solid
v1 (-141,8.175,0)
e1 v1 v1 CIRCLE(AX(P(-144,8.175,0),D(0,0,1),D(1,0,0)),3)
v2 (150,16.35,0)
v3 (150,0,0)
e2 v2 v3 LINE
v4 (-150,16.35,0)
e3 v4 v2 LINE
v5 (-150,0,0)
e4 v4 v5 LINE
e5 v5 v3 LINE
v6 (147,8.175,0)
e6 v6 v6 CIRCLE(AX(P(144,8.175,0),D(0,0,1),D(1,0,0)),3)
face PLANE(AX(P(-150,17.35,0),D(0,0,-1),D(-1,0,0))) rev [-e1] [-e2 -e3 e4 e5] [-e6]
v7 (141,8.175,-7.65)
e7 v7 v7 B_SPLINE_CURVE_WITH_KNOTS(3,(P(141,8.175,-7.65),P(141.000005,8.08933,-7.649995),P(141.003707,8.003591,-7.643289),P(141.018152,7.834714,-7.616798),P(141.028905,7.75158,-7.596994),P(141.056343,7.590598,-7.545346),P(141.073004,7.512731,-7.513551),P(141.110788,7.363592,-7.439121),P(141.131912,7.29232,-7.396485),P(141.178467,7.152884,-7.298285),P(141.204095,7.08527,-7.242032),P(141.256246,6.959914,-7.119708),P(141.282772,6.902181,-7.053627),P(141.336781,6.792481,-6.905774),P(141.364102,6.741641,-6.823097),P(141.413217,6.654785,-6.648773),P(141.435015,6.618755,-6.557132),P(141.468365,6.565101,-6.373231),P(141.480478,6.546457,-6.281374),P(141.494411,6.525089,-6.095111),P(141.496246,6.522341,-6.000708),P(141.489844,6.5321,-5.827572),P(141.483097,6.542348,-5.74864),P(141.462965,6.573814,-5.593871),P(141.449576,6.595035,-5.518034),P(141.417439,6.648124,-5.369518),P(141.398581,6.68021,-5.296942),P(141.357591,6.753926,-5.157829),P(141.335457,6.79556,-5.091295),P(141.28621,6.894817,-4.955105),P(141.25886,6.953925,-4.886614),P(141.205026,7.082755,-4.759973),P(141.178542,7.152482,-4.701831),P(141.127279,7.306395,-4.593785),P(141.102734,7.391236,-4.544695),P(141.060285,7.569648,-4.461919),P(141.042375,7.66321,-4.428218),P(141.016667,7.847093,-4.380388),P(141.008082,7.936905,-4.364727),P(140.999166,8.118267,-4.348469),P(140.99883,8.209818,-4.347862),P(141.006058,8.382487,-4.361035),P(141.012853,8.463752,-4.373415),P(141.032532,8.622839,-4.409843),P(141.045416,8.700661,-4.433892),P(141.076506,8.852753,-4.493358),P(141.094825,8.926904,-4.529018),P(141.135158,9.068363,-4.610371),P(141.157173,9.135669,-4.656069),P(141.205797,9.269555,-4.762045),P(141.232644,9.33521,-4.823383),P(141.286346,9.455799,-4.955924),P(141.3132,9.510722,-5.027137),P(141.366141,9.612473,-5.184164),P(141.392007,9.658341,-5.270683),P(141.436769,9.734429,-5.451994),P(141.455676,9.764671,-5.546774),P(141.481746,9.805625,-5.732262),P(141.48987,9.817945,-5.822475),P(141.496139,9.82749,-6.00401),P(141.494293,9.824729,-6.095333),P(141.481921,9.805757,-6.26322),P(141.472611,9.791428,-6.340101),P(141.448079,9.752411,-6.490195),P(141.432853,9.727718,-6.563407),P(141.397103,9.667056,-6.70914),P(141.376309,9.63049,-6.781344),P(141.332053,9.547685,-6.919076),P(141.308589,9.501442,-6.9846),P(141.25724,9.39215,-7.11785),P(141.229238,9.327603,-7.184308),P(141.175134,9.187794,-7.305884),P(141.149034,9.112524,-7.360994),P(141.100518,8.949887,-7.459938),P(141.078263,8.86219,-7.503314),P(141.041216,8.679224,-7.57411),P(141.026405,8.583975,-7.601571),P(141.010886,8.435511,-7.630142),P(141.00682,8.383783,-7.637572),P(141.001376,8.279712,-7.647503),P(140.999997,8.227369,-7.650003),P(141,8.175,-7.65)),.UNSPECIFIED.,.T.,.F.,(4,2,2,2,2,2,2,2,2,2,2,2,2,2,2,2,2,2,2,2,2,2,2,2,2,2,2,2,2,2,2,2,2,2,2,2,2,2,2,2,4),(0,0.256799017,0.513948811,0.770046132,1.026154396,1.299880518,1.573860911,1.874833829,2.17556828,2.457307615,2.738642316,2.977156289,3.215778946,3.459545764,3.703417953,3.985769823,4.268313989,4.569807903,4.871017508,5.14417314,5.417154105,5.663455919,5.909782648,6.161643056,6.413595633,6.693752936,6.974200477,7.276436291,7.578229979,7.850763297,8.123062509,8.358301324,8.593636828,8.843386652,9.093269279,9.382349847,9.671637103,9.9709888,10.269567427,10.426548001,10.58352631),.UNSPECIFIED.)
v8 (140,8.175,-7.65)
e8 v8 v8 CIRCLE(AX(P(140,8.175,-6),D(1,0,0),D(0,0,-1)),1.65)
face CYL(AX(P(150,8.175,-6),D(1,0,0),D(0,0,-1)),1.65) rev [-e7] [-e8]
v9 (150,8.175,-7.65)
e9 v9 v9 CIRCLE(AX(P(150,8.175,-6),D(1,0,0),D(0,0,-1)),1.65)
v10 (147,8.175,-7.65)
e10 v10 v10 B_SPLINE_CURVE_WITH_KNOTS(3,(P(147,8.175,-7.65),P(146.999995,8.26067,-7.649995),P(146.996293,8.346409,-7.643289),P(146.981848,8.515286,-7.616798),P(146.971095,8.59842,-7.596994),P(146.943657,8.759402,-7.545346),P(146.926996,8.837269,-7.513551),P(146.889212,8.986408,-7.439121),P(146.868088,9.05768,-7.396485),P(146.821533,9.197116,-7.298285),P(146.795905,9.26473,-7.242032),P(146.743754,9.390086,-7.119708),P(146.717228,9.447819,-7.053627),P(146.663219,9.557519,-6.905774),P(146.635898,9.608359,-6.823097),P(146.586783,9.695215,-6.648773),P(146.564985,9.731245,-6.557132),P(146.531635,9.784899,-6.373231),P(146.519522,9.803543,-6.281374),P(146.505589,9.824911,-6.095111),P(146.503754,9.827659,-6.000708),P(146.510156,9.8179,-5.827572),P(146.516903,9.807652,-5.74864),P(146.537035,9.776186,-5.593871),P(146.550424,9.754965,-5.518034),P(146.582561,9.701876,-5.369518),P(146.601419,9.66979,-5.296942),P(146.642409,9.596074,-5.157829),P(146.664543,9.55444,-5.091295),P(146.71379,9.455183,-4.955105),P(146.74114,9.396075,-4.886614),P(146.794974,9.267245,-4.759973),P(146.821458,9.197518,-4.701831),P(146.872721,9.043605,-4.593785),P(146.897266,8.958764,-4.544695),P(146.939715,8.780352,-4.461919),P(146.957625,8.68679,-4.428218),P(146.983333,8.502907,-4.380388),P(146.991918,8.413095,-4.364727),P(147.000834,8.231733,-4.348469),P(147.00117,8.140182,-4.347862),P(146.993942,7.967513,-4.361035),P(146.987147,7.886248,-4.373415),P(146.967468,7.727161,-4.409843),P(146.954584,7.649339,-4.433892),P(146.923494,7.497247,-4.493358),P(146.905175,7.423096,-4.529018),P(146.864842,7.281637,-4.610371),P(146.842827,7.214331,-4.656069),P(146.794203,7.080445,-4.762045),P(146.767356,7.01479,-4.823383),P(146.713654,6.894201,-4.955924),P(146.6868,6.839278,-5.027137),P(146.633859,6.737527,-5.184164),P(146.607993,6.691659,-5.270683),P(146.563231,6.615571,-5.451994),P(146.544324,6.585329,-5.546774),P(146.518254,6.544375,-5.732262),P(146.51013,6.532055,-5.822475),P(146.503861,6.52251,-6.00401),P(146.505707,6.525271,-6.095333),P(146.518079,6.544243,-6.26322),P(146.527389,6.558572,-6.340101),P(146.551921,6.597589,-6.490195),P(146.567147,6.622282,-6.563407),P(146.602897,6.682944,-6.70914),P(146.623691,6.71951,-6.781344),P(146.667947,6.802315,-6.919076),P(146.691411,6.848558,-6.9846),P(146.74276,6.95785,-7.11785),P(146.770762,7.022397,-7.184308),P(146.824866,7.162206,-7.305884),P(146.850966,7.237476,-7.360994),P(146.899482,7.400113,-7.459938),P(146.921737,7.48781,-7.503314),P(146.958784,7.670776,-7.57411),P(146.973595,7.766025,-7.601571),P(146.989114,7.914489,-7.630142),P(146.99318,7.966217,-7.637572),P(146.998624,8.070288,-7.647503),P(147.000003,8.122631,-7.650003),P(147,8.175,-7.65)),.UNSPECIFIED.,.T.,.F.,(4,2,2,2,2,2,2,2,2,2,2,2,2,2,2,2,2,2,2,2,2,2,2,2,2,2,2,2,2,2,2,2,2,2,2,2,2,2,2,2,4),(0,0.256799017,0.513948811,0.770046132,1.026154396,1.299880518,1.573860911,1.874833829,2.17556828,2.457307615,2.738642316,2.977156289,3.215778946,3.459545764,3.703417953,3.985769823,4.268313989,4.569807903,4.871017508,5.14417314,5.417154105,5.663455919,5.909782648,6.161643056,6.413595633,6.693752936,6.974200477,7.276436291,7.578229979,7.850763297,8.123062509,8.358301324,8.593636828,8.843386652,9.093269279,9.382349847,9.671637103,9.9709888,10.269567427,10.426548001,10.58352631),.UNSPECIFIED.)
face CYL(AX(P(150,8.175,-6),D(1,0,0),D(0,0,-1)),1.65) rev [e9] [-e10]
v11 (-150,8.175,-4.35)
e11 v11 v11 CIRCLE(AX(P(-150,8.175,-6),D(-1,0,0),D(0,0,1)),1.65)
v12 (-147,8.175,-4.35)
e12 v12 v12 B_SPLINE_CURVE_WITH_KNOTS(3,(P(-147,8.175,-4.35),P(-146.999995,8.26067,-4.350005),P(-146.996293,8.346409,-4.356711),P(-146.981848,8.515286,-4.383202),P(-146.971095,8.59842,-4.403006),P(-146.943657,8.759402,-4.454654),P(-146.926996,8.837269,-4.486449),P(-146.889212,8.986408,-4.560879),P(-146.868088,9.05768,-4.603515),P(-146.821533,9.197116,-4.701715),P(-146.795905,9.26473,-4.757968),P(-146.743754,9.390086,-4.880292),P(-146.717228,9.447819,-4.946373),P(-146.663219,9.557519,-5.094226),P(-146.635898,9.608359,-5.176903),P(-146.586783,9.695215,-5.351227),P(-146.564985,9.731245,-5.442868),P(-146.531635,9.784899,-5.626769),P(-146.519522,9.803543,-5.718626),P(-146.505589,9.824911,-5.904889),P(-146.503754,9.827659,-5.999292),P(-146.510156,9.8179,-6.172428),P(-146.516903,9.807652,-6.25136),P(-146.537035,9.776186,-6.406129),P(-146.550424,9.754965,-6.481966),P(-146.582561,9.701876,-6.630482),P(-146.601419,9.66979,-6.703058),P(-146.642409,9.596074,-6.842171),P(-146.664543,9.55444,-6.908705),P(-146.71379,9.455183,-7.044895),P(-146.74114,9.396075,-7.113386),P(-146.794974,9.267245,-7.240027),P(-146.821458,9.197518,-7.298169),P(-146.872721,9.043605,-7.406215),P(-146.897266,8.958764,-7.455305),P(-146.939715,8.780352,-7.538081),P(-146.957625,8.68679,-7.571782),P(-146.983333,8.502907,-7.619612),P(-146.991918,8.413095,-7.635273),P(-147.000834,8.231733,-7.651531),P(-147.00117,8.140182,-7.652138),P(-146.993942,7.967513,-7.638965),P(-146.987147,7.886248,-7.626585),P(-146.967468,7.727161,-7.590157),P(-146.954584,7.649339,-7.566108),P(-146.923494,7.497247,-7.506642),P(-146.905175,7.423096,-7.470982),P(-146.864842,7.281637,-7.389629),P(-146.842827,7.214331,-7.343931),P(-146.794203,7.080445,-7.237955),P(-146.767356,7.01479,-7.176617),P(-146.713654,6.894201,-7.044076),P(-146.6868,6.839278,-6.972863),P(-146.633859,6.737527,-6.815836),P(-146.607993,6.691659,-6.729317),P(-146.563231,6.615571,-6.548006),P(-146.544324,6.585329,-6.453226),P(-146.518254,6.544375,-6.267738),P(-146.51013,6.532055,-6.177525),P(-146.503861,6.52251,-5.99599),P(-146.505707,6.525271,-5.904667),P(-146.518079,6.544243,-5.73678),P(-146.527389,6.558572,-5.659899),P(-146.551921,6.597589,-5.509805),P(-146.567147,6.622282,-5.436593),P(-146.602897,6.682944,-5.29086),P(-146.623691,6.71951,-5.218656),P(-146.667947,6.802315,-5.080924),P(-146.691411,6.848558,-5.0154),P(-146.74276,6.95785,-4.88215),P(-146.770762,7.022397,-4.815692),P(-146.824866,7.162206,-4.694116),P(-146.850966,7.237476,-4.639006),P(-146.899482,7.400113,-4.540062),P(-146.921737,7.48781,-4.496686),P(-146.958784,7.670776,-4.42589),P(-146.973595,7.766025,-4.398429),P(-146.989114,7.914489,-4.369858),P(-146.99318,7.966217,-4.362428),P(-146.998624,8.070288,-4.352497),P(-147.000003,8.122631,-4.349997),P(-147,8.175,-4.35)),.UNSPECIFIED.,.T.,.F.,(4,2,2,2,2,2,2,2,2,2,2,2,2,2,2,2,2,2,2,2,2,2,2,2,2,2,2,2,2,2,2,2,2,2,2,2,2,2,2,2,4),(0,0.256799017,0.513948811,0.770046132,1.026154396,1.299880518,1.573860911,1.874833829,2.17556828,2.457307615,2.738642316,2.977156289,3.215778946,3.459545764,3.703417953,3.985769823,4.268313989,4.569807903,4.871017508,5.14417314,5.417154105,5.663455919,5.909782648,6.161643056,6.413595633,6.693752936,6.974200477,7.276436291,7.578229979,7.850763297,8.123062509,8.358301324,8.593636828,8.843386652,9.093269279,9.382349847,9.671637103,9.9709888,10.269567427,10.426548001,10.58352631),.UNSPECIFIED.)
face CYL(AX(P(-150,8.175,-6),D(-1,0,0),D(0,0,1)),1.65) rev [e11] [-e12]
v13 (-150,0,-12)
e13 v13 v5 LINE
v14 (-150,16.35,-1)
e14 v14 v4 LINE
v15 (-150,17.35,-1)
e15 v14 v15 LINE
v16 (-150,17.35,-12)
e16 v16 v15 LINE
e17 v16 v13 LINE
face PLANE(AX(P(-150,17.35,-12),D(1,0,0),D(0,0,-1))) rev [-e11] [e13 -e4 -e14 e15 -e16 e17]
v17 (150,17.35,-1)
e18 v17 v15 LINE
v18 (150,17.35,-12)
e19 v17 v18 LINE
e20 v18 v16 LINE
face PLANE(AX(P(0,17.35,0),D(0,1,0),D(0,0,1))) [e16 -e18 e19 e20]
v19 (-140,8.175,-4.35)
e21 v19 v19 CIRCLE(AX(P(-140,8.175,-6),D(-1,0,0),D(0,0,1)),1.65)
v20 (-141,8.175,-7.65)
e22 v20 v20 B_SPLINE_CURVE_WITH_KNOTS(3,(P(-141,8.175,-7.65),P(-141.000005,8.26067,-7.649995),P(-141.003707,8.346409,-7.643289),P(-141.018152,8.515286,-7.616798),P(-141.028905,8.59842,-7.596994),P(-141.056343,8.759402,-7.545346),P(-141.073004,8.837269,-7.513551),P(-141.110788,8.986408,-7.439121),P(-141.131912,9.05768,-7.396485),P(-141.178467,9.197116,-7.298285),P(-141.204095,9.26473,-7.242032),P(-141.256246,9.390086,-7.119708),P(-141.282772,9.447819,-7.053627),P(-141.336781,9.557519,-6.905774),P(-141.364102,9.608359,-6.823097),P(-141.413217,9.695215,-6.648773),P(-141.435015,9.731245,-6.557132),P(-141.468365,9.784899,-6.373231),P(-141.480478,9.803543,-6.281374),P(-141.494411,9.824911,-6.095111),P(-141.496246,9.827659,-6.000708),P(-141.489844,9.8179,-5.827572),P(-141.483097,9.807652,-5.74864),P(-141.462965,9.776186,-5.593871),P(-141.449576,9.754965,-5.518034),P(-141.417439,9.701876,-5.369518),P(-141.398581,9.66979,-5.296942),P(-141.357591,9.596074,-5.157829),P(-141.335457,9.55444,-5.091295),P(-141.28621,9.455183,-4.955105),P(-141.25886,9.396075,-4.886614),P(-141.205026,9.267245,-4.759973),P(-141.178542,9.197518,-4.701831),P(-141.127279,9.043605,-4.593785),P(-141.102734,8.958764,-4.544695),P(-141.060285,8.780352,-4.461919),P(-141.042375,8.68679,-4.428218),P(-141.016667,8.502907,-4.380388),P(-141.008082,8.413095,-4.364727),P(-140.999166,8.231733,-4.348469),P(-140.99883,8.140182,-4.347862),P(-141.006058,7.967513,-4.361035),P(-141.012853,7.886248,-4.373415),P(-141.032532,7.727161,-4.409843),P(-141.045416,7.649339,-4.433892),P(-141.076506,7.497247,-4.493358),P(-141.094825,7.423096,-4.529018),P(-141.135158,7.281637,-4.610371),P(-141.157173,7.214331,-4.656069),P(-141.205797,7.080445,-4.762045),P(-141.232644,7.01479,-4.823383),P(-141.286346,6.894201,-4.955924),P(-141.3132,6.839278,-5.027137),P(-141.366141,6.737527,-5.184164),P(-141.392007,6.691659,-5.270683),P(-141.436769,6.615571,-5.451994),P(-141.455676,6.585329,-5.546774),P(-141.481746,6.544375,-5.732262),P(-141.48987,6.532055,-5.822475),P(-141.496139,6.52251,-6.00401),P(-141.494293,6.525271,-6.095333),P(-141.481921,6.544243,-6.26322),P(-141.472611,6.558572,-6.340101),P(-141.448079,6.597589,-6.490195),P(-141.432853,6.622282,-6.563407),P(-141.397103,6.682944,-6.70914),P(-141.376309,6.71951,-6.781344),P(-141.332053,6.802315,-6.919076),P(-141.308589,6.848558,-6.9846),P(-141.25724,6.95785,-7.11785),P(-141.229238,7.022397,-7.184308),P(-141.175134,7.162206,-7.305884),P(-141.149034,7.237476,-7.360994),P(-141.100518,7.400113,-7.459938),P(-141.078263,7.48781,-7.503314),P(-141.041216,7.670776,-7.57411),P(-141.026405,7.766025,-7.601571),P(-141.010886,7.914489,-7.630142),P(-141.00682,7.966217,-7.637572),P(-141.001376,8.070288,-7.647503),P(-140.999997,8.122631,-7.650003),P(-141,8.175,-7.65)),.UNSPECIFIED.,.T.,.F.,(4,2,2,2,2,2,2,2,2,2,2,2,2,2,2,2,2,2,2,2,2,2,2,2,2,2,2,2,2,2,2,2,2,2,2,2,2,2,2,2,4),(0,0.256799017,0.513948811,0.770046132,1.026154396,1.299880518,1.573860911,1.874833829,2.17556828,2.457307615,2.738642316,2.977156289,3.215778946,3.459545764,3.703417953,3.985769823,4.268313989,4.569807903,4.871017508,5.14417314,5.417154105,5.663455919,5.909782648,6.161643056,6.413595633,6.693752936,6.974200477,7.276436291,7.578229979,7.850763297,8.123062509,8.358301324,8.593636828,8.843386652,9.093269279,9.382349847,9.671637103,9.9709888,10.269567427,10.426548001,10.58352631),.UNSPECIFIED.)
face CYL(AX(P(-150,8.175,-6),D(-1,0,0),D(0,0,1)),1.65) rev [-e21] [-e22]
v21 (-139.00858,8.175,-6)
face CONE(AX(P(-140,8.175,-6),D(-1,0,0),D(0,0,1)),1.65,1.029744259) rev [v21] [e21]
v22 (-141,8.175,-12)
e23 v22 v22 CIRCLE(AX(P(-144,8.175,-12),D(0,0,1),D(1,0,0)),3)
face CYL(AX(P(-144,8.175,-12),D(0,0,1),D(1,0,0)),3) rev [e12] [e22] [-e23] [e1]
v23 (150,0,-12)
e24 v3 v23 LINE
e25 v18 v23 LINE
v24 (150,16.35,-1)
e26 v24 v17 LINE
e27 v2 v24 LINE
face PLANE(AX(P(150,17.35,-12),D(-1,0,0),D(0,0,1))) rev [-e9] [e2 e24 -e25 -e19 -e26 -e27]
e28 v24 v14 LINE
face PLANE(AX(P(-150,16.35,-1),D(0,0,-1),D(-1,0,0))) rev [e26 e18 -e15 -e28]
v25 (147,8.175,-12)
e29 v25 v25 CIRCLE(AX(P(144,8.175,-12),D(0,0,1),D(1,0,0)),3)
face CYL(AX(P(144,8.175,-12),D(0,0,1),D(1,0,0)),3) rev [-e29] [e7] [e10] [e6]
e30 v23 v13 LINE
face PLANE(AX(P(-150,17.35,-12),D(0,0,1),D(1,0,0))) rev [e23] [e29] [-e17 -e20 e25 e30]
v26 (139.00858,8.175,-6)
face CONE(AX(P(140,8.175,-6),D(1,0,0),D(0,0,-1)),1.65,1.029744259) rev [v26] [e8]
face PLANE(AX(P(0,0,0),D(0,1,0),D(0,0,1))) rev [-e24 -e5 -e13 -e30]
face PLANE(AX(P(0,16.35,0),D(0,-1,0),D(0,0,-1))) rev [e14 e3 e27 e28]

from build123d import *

# Parameters (mm, degrees)
SKETCH_1_W          = 300
SKETCH_1_H          = 12
EXTRUDE_320_DEPTH   = 17.35
SKETCH_2_W          = 300
SKETCH_2_H          = 1
CUT_EXTRUDE_1_DEPTH = 1
SKETCH_5_R          = 3
CUT_EXTRUDE_6_DEPTH = 152.476144987


with BuildPart() as part:
    # Эскиз1 → Extrude 320 (new body)
    with BuildSketch(Plane(origin=(0, 0, 0), x_dir=(1, 0, 0), z_dir=(0, 1, 0))):
        with Locations((0, 6)):
            Rectangle(SKETCH_1_W, SKETCH_1_H)
    extrude(amount=EXTRUDE_320_DEPTH)

    # Эскиз2 → Вырез-Вытянуть1 (cut)
    with BuildSketch(Plane(origin=(0, 17.35, 0), x_dir=(1, 0, 0), z_dir=(0, 1, 0))):
        with Locations((0, 0.5)):
            Rectangle(SKETCH_2_W, SKETCH_2_H)
    extrude(amount=-CUT_EXTRUDE_1_DEPTH, mode=Mode.SUBTRACT)

    # Эскиз5 → Валы-6мм (cut, through all)
    with BuildSketch(Plane.XY):
        with Locations((-144, 8.175)):
            Circle(SKETCH_5_R)
        with Locations((144, 8.175)):
            Circle(SKETCH_5_R)
    extrude(amount=-CUT_EXTRUDE_6_DEPTH, mode=Mode.SUBTRACT)

    # Эскиз10 → Фиксация-M4 (revolve, cut)
    with BuildSketch(Plane(origin=(150, 8.175, -6), x_dir=(0, 0, -1), z_dir=(0, 1, 0))):
        Polygon((0, 0), (0, 10.991420021), (1.65, 10), (1.65, 0), align=None)
    hole_wizard_m4 = revolve(axis=Axis((156.35, 8.175, -6), (-1, 0, 0)), mode=Mode.SUBTRACT)

    # Зеркальное отражение1: Фиксация-M4 across plane
    add(hole_wizard_m4.mirror(Plane(origin=(0, 0, 0), x_dir=(0, 0, 1), z_dir=(1, 0, 0))), mode=Mode.SUBTRACT)


solid = part.part
